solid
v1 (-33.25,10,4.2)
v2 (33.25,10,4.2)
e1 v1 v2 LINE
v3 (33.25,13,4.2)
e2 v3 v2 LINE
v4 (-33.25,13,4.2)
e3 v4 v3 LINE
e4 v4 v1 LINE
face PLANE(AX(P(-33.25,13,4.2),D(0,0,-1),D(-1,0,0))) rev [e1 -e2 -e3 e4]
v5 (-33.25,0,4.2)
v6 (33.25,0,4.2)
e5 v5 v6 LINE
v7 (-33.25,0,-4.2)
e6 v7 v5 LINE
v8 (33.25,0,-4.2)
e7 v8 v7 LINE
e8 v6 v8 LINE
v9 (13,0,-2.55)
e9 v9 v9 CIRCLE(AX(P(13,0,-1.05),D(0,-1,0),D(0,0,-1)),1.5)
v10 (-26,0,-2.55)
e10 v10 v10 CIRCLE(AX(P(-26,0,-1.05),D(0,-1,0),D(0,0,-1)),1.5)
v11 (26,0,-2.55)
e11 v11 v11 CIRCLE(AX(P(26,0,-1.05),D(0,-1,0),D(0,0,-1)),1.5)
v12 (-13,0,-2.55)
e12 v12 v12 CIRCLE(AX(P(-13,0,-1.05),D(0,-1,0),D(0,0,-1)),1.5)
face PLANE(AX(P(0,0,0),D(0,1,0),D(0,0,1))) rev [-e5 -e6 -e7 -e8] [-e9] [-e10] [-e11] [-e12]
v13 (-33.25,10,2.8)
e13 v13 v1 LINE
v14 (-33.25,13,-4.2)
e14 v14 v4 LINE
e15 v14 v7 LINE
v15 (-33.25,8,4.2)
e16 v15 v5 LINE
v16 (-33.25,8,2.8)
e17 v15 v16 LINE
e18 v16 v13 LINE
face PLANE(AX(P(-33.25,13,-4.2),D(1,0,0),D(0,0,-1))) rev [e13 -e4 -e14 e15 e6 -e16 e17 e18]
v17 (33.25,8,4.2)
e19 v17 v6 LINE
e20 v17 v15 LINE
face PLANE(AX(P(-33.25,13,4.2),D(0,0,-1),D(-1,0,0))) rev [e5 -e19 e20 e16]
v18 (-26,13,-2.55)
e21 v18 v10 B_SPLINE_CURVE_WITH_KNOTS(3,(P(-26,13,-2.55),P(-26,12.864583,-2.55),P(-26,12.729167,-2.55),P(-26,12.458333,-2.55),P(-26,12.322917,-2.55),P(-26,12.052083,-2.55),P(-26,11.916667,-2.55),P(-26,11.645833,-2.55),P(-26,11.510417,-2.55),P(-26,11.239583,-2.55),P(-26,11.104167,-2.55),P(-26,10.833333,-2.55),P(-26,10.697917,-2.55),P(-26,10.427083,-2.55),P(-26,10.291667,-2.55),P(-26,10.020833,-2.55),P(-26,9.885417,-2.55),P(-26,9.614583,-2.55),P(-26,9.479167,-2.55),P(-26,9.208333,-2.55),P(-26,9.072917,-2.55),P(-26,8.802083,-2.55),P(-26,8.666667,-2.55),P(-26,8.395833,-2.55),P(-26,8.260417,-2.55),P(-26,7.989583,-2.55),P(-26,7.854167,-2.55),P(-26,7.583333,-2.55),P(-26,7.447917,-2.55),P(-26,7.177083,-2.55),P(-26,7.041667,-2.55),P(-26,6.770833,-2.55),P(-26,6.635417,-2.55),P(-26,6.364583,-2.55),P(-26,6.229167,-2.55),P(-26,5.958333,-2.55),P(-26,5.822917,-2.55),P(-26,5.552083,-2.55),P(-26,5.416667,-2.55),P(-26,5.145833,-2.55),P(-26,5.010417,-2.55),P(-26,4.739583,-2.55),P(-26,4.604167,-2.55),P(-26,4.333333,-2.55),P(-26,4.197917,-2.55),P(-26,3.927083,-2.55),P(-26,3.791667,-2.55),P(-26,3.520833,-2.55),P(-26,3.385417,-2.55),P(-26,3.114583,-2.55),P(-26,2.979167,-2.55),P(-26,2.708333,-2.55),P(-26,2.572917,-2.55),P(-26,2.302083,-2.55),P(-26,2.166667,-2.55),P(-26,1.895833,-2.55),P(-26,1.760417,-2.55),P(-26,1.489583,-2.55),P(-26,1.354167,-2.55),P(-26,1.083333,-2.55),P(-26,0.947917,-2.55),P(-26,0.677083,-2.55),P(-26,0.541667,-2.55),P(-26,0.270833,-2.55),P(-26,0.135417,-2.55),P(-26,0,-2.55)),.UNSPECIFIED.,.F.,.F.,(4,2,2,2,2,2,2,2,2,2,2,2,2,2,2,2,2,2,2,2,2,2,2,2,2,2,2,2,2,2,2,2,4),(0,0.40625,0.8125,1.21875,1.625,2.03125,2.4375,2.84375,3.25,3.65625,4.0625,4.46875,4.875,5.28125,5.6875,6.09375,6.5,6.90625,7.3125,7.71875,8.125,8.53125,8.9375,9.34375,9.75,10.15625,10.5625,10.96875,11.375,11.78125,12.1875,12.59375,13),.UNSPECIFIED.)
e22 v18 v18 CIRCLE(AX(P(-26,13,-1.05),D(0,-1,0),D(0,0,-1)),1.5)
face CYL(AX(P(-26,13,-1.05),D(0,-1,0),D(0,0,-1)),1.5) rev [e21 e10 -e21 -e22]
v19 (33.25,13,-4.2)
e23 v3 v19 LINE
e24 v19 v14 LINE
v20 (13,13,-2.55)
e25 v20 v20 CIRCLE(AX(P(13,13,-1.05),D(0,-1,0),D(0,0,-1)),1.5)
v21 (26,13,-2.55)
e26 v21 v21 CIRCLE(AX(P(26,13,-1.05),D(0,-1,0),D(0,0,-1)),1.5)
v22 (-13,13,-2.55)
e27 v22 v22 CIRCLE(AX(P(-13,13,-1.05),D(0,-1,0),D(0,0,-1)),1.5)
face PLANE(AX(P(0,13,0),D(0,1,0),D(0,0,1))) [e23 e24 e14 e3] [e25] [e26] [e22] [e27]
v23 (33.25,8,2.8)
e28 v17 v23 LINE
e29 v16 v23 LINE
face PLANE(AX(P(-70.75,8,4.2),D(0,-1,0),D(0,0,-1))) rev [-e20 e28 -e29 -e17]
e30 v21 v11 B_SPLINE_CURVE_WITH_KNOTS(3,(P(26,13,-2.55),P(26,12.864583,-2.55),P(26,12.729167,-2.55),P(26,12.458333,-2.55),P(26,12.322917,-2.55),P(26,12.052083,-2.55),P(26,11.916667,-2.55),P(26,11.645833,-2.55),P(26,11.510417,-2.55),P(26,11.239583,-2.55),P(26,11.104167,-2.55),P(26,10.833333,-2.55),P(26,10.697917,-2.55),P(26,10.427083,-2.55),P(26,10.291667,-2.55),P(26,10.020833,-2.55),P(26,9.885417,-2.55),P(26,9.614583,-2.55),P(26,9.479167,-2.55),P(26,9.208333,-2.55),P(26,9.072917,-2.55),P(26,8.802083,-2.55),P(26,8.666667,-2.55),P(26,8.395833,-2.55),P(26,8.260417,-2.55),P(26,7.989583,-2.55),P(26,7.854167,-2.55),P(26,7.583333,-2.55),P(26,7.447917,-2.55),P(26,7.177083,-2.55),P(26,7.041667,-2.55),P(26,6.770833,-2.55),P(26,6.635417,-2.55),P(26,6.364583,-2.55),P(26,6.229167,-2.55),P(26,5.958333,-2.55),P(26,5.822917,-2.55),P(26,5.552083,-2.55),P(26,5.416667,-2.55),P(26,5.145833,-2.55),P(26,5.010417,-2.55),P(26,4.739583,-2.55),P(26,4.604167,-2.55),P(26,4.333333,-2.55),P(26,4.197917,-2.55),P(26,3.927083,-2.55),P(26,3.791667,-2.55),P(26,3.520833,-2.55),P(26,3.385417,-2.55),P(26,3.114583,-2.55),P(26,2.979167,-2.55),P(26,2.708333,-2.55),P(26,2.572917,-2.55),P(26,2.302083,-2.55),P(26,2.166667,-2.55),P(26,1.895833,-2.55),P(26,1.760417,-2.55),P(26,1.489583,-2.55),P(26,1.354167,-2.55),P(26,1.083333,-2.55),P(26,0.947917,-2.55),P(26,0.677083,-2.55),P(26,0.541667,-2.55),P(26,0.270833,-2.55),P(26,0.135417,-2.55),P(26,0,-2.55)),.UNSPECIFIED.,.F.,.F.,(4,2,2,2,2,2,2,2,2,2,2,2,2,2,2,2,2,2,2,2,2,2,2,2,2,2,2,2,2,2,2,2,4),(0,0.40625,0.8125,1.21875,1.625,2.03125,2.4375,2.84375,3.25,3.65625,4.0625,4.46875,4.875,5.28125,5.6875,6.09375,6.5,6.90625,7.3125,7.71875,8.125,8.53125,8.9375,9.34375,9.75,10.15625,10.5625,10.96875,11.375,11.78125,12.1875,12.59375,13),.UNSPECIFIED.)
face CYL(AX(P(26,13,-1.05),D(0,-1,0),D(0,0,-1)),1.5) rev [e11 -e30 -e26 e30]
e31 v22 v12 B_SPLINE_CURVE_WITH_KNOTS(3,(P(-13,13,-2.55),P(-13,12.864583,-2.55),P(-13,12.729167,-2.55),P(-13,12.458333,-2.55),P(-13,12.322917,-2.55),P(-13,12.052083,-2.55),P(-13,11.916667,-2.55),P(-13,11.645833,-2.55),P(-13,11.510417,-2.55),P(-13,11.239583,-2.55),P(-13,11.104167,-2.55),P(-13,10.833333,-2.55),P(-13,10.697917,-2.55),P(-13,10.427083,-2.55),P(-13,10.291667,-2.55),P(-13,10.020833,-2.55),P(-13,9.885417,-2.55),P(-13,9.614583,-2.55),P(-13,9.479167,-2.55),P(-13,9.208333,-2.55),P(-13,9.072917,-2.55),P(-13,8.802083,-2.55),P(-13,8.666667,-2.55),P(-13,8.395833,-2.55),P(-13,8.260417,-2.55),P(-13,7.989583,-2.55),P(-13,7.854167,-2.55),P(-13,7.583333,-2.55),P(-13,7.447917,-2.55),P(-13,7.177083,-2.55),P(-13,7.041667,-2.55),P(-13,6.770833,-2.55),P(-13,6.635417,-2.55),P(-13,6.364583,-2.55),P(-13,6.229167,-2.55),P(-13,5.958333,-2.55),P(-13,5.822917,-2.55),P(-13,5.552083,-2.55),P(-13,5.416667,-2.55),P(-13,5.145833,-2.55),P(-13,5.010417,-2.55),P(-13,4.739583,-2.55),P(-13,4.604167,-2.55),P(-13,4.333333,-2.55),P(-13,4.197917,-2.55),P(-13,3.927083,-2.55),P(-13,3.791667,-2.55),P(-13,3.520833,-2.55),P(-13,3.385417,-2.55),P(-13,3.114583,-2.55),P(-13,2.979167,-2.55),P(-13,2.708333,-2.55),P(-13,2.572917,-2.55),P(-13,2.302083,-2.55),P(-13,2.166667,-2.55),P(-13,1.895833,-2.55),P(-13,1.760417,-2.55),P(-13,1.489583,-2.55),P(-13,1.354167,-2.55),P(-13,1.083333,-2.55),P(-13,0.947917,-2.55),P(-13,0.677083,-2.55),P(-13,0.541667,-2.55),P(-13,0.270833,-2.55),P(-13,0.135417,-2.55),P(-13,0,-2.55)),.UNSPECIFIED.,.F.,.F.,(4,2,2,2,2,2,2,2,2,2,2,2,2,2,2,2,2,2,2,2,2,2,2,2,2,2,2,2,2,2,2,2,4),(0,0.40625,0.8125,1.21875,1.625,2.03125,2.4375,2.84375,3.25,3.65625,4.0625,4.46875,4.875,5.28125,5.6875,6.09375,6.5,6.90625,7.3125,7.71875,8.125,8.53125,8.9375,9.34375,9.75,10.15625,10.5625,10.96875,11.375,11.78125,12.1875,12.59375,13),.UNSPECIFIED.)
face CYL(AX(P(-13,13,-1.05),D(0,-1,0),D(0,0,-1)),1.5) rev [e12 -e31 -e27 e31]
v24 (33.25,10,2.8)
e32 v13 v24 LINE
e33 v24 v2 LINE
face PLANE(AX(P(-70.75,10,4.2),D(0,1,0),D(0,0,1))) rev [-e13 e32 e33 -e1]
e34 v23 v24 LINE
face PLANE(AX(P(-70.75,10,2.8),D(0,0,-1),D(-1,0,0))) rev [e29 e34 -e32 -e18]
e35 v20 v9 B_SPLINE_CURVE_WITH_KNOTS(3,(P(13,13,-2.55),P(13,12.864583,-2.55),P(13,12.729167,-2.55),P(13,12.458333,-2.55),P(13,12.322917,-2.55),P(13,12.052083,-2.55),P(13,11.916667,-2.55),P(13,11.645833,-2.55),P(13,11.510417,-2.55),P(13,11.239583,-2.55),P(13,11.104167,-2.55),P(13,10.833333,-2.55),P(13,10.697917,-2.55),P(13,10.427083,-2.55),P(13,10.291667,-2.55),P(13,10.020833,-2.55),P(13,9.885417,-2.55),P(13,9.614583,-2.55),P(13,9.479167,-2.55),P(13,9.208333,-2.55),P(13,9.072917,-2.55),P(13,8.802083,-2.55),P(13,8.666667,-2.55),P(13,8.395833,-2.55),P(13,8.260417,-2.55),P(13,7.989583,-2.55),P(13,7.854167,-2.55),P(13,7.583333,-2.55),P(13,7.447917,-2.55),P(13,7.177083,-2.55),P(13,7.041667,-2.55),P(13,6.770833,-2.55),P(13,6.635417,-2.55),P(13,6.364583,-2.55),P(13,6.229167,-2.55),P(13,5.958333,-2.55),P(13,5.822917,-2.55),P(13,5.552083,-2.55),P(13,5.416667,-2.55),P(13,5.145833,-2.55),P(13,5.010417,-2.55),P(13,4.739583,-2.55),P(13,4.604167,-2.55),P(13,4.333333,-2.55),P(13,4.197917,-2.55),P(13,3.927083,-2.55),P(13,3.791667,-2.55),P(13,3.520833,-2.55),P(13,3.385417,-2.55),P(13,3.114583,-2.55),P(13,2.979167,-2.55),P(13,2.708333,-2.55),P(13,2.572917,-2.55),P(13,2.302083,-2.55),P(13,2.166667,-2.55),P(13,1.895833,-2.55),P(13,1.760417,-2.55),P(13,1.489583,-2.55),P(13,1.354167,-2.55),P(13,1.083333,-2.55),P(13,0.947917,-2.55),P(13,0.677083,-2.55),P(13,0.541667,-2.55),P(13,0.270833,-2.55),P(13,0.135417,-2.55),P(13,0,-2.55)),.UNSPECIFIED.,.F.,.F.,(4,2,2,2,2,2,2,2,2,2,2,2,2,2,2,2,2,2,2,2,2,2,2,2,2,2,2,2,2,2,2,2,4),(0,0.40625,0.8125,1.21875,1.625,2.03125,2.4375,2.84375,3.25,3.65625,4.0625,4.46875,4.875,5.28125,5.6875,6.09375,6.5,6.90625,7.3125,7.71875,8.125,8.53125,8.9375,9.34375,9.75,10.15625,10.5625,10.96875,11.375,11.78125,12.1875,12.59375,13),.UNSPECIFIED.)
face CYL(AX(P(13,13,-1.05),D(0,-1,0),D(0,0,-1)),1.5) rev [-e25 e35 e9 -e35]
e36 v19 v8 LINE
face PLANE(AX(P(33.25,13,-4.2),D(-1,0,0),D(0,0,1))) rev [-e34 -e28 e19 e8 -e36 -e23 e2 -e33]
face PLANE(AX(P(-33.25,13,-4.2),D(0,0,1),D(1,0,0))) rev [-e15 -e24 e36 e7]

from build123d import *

# Parameters (mm, degrees)
SKETCH_1_W          = 66.5
SKETCH_1_H          = 8.4
EXTRUDE_1_DEPTH     = 13
SKETCH_2_W          = 1.4
SKETCH_2_H          = 2
CUT_EXTRUDE_1_DEPTH = 104
SKETCH_4_R          = 1.5
CUT_EXTRUDE_3_DEPTH = 36.947218251


with BuildPart() as part:
    # 草图1 → 凸台-拉伸1 (new body)
    with BuildSketch(Plane(origin=(0, 0, 0), x_dir=(1, 0, 0), z_dir=(0, 1, 0))):
        Rectangle(SKETCH_1_W, SKETCH_1_H)
    extrude(amount=EXTRUDE_1_DEPTH)

    # 草图2 → 切除-拉伸1 (cut)
    with BuildSketch(Plane(origin=(33.25, 0, 0), x_dir=(0, 0, -1), z_dir=(1, 0, 0))):
        with Locations((-3.5, 9)):
            Rectangle(SKETCH_2_W, SKETCH_2_H)
    extrude(amount=-CUT_EXTRUDE_1_DEPTH, mode=Mode.SUBTRACT)

    # 草图4 → 切除-拉伸3 (cut, through all)
    with BuildSketch(Plane.XZ):
        with Locations(Location((-26, -1.05, 0), (0, 0, 270))):
            Circle(SKETCH_4_R)
        with Locations(Location((-13, -1.05, 0), (0, 0, 270))):
            Circle(SKETCH_4_R)
        with Locations(Location((26, -1.05, 0), (0, 0, 270))):
            Circle(SKETCH_4_R)
        with Locations(Location((13, -1.05, 0), (0, 0, 270))):
            Circle(SKETCH_4_R)
    extrude(amount=-CUT_EXTRUDE_3_DEPTH, mode=Mode.SUBTRACT)


solid = part.part
